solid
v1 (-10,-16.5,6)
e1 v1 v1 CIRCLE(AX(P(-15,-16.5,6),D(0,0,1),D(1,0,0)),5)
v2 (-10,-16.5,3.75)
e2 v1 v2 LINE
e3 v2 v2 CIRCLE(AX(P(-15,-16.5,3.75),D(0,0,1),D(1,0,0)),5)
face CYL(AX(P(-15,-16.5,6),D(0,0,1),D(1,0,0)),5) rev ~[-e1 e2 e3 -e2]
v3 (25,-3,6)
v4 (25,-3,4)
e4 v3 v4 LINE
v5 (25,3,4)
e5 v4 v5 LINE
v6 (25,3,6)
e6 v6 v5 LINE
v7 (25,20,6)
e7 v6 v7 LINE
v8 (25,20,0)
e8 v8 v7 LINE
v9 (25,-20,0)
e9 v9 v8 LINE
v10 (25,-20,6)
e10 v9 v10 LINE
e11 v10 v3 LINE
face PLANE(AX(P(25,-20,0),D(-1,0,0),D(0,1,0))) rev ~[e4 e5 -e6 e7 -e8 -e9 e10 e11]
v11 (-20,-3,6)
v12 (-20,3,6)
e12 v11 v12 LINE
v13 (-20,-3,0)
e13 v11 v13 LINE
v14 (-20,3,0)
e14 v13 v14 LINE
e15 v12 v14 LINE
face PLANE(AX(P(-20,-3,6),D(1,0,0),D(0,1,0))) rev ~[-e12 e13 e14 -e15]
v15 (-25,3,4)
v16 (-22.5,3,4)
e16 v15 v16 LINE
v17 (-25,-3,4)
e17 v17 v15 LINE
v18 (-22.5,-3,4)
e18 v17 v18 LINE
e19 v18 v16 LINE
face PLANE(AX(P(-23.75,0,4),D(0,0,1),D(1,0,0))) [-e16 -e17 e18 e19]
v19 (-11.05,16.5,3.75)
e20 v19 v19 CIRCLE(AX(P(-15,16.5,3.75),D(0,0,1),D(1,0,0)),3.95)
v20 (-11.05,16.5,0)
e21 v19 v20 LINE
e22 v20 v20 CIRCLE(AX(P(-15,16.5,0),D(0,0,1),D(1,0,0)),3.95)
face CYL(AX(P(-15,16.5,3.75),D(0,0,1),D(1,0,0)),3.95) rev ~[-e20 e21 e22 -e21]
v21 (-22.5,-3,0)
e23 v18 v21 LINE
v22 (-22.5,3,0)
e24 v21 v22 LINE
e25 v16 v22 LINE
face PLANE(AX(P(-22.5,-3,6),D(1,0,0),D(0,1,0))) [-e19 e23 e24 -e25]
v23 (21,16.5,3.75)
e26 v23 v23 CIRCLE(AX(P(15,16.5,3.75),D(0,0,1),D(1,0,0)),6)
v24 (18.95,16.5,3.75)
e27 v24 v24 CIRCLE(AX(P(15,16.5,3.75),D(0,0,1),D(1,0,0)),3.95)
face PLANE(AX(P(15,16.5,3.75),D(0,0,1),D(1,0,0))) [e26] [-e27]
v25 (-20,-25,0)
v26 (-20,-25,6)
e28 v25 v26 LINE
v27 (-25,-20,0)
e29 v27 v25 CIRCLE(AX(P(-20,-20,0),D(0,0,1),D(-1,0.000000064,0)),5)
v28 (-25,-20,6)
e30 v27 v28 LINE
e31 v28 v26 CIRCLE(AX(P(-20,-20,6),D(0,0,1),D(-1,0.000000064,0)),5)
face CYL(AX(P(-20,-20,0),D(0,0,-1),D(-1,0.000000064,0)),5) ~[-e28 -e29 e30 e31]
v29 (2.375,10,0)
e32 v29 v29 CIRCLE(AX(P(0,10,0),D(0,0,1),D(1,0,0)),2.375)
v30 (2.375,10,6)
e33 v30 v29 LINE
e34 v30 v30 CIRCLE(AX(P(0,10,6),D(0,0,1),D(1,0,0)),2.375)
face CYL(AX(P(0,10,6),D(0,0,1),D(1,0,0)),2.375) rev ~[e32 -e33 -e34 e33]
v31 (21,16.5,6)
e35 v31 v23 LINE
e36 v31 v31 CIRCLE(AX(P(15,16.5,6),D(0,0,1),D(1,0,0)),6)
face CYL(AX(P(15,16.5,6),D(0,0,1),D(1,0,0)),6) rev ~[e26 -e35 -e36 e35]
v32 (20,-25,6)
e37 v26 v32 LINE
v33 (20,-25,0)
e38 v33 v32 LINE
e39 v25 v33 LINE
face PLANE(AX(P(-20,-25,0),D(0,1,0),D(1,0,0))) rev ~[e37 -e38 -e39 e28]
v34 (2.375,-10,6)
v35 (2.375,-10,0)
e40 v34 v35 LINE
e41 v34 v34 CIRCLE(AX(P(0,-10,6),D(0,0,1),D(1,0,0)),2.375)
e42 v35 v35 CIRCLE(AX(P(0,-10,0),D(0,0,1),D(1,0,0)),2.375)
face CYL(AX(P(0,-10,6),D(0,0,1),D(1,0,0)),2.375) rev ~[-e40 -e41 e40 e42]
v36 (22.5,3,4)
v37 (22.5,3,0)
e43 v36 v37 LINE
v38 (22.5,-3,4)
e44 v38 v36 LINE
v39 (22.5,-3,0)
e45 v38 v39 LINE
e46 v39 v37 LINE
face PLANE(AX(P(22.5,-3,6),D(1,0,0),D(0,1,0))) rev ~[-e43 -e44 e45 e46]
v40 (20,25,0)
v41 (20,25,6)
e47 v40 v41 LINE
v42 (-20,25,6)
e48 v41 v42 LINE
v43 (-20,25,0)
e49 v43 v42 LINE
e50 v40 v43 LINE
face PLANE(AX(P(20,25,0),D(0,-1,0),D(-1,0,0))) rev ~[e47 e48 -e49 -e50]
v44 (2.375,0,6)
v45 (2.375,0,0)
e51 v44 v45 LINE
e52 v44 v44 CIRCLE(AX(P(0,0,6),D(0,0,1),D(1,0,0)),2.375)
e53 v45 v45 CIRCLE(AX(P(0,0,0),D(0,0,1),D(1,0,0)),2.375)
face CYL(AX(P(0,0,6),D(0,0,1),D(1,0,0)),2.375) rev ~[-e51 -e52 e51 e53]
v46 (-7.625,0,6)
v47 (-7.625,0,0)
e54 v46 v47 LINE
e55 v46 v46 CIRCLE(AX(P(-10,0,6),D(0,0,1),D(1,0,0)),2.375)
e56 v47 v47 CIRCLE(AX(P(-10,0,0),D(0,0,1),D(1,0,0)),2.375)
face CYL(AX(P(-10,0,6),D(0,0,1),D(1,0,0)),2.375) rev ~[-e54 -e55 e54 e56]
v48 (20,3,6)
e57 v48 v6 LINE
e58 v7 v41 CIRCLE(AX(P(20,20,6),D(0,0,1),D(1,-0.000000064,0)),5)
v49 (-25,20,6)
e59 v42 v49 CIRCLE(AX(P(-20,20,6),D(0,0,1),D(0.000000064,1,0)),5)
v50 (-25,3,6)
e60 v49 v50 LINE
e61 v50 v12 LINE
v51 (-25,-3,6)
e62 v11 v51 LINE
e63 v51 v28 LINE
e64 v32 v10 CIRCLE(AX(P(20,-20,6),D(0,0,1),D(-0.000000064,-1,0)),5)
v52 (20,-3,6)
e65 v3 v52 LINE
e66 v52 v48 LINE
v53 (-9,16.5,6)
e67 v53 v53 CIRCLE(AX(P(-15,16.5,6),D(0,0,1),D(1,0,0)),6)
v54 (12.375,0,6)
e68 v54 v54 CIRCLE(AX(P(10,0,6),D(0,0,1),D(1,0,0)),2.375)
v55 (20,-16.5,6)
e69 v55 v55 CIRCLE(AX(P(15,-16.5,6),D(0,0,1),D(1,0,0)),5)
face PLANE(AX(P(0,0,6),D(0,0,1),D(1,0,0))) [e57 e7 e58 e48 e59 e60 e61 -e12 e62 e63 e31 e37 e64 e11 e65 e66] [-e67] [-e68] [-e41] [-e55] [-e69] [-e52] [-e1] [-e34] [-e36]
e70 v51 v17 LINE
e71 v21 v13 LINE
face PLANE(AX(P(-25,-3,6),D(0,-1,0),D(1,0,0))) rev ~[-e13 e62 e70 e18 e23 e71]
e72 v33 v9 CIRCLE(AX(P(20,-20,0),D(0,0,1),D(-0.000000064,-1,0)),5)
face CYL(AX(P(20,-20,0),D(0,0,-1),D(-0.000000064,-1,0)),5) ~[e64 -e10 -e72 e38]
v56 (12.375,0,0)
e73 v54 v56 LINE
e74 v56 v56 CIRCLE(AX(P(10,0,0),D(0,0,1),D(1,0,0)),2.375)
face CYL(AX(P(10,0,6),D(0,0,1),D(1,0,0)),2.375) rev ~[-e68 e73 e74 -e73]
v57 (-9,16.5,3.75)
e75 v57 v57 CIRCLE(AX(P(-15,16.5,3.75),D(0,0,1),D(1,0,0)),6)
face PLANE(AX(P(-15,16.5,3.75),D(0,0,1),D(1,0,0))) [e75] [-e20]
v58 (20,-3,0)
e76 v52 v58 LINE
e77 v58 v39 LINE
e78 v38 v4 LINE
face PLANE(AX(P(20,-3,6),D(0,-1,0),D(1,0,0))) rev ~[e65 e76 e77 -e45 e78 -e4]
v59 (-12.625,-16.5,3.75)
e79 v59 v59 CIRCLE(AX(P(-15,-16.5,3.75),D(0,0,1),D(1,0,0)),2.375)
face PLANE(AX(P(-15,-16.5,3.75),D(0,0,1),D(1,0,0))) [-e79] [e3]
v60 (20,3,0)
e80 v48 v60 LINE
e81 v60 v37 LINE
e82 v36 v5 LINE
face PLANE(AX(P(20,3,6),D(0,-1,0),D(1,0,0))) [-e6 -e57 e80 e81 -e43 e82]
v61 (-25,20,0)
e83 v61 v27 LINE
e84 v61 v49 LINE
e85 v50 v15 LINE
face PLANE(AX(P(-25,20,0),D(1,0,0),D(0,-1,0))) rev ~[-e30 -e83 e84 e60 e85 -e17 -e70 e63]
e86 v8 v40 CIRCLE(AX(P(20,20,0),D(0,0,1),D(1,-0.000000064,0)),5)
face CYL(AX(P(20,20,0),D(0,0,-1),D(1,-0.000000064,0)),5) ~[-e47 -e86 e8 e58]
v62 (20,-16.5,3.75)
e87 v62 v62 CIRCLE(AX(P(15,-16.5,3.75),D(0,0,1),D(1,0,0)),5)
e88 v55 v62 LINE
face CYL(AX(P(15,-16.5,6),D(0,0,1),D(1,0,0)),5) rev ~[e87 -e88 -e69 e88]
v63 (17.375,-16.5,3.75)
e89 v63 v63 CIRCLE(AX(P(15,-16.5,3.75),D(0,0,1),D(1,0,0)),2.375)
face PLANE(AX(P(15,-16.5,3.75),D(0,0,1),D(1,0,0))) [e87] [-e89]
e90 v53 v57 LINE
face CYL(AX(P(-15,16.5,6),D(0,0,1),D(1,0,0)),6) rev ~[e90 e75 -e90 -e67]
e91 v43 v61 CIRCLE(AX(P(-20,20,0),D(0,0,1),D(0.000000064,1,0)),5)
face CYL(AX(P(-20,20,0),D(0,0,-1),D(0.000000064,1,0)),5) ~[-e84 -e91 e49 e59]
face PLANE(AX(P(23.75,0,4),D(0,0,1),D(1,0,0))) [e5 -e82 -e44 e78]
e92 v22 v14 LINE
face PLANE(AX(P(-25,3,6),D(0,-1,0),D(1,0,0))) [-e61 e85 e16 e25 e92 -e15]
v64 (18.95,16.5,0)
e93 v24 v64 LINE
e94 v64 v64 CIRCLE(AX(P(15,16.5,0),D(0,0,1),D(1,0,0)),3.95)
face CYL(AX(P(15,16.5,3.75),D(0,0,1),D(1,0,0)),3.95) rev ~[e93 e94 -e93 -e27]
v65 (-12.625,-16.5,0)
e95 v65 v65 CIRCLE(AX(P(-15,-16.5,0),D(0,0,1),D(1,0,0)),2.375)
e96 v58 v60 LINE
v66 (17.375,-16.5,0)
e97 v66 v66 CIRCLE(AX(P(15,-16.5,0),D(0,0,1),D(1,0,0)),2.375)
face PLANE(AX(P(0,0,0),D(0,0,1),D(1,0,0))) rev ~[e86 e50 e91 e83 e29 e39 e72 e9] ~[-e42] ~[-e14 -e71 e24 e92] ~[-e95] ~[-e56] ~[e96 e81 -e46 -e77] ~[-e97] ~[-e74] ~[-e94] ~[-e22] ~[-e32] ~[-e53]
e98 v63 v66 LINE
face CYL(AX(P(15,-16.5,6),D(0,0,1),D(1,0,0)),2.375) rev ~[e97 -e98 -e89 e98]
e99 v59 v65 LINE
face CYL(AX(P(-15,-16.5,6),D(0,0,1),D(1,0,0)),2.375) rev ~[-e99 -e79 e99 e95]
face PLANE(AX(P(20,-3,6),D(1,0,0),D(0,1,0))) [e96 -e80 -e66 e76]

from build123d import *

# Parameters (mm, degrees)
F1_DEPTH  = 6
F2_W      = 2.5
F2_H      = 6
F3_DEPTH  = 2
F4_W      = 2.5
F4_H      = 6
F5_DEPTH  = 25
F6_R      = 2.375
F7_DEPTH  = 25
F8_R      = 2.375
F9_DEPTH  = 25
F10_R     = 6
F10_R_2   = 5
F11_DEPTH = 2.25
F12_R     = 3.95
F13_DEPTH = 25


with BuildPart() as f1:
    # F0 (on Top) → F1 (new body)
    with BuildSketch(Plane.XY):
        with BuildLine():
            ThreePointArc((-25, -20), (-23.535534, -23.535534), (-20, -25))
            Line((-20, -25), (20, -25))
            ThreePointArc((20, -25), (23.535534, -23.535534), (25, -20))
            Line((25, -20), (25, 20))
            ThreePointArc((25, 20), (23.535534, 23.535534), (20, 25))
            Line((20, 25), (-20, 25))
            ThreePointArc((-20, 25), (-23.535534, 23.535534), (-25, 20))
            Line((-25, 20), (-25, -20))
        make_face()
    extrude(amount=F1_DEPTH)

    # F2 (on face) → F3 (cut)
    with BuildSketch(Plane.XY.offset(6)):
        with Locations((-23.75, 0)):
            Rectangle(F2_W, F2_H)
        with Locations((23.75, 0)):
            Rectangle(F2_W, F2_H)
    extrude(amount=-F3_DEPTH, mode=Mode.SUBTRACT)

    # F4 (on face) → F5 (cut)
    with BuildSketch(Plane.XY.offset(6)):
        with Locations((-21.25, 0)):
            Rectangle(F4_W, F4_H)
        with Locations((21.25, 0)):
            Rectangle(F4_W, F4_H)
    extrude(amount=-F5_DEPTH, mode=Mode.SUBTRACT)

    # F6 (on face) → F7 (cut)
    with BuildSketch(Plane.XY.offset(6)):
        Circle(F6_R)
        with Locations((-10, 0)):
            Circle(F6_R)
        with Locations((0, -10)):
            Circle(F6_R)
        with Locations((10, 0)):
            Circle(F6_R)
        with Locations((0, 10)):
            Circle(F6_R)
    extrude(amount=-F7_DEPTH, mode=Mode.SUBTRACT)

    # F8 (on face) → F9 (cut)
    with BuildSketch(Plane.XY.offset(6)):
        with Locations((-15, -16.5)):
            Circle(F8_R)
        with Locations((15, -16.5)):
            Circle(F8_R)
        with Locations((-15, 16.5)):
            Circle(F8_R)
        with Locations((15, 16.5)):
            Circle(F8_R)
    extrude(amount=-F9_DEPTH, mode=Mode.SUBTRACT)

    # F10 (on face) → F11 (cut)
    with BuildSketch(Plane.XY.offset(6)):
        with Locations((-15, 16.5)):
            Circle(F10_R)
        with Locations((15, 16.5)):
            Circle(F10_R)
        with Locations((-15, -16.5)):
            Circle(F10_R_2)
        with Locations((15, -16.5)):
            Circle(F10_R_2)
    extrude(amount=-F11_DEPTH, mode=Mode.SUBTRACT)

    # F12 (on face) → F13 (cut)
    with BuildSketch(Plane.XY.offset(3.75)):
        with Locations((-15, 16.5)):
            Circle(F12_R)
        with Locations((15, 16.5)):
            Circle(F12_R)
    extrude(amount=-F13_DEPTH, mode=Mode.SUBTRACT)


solid = f1.part
